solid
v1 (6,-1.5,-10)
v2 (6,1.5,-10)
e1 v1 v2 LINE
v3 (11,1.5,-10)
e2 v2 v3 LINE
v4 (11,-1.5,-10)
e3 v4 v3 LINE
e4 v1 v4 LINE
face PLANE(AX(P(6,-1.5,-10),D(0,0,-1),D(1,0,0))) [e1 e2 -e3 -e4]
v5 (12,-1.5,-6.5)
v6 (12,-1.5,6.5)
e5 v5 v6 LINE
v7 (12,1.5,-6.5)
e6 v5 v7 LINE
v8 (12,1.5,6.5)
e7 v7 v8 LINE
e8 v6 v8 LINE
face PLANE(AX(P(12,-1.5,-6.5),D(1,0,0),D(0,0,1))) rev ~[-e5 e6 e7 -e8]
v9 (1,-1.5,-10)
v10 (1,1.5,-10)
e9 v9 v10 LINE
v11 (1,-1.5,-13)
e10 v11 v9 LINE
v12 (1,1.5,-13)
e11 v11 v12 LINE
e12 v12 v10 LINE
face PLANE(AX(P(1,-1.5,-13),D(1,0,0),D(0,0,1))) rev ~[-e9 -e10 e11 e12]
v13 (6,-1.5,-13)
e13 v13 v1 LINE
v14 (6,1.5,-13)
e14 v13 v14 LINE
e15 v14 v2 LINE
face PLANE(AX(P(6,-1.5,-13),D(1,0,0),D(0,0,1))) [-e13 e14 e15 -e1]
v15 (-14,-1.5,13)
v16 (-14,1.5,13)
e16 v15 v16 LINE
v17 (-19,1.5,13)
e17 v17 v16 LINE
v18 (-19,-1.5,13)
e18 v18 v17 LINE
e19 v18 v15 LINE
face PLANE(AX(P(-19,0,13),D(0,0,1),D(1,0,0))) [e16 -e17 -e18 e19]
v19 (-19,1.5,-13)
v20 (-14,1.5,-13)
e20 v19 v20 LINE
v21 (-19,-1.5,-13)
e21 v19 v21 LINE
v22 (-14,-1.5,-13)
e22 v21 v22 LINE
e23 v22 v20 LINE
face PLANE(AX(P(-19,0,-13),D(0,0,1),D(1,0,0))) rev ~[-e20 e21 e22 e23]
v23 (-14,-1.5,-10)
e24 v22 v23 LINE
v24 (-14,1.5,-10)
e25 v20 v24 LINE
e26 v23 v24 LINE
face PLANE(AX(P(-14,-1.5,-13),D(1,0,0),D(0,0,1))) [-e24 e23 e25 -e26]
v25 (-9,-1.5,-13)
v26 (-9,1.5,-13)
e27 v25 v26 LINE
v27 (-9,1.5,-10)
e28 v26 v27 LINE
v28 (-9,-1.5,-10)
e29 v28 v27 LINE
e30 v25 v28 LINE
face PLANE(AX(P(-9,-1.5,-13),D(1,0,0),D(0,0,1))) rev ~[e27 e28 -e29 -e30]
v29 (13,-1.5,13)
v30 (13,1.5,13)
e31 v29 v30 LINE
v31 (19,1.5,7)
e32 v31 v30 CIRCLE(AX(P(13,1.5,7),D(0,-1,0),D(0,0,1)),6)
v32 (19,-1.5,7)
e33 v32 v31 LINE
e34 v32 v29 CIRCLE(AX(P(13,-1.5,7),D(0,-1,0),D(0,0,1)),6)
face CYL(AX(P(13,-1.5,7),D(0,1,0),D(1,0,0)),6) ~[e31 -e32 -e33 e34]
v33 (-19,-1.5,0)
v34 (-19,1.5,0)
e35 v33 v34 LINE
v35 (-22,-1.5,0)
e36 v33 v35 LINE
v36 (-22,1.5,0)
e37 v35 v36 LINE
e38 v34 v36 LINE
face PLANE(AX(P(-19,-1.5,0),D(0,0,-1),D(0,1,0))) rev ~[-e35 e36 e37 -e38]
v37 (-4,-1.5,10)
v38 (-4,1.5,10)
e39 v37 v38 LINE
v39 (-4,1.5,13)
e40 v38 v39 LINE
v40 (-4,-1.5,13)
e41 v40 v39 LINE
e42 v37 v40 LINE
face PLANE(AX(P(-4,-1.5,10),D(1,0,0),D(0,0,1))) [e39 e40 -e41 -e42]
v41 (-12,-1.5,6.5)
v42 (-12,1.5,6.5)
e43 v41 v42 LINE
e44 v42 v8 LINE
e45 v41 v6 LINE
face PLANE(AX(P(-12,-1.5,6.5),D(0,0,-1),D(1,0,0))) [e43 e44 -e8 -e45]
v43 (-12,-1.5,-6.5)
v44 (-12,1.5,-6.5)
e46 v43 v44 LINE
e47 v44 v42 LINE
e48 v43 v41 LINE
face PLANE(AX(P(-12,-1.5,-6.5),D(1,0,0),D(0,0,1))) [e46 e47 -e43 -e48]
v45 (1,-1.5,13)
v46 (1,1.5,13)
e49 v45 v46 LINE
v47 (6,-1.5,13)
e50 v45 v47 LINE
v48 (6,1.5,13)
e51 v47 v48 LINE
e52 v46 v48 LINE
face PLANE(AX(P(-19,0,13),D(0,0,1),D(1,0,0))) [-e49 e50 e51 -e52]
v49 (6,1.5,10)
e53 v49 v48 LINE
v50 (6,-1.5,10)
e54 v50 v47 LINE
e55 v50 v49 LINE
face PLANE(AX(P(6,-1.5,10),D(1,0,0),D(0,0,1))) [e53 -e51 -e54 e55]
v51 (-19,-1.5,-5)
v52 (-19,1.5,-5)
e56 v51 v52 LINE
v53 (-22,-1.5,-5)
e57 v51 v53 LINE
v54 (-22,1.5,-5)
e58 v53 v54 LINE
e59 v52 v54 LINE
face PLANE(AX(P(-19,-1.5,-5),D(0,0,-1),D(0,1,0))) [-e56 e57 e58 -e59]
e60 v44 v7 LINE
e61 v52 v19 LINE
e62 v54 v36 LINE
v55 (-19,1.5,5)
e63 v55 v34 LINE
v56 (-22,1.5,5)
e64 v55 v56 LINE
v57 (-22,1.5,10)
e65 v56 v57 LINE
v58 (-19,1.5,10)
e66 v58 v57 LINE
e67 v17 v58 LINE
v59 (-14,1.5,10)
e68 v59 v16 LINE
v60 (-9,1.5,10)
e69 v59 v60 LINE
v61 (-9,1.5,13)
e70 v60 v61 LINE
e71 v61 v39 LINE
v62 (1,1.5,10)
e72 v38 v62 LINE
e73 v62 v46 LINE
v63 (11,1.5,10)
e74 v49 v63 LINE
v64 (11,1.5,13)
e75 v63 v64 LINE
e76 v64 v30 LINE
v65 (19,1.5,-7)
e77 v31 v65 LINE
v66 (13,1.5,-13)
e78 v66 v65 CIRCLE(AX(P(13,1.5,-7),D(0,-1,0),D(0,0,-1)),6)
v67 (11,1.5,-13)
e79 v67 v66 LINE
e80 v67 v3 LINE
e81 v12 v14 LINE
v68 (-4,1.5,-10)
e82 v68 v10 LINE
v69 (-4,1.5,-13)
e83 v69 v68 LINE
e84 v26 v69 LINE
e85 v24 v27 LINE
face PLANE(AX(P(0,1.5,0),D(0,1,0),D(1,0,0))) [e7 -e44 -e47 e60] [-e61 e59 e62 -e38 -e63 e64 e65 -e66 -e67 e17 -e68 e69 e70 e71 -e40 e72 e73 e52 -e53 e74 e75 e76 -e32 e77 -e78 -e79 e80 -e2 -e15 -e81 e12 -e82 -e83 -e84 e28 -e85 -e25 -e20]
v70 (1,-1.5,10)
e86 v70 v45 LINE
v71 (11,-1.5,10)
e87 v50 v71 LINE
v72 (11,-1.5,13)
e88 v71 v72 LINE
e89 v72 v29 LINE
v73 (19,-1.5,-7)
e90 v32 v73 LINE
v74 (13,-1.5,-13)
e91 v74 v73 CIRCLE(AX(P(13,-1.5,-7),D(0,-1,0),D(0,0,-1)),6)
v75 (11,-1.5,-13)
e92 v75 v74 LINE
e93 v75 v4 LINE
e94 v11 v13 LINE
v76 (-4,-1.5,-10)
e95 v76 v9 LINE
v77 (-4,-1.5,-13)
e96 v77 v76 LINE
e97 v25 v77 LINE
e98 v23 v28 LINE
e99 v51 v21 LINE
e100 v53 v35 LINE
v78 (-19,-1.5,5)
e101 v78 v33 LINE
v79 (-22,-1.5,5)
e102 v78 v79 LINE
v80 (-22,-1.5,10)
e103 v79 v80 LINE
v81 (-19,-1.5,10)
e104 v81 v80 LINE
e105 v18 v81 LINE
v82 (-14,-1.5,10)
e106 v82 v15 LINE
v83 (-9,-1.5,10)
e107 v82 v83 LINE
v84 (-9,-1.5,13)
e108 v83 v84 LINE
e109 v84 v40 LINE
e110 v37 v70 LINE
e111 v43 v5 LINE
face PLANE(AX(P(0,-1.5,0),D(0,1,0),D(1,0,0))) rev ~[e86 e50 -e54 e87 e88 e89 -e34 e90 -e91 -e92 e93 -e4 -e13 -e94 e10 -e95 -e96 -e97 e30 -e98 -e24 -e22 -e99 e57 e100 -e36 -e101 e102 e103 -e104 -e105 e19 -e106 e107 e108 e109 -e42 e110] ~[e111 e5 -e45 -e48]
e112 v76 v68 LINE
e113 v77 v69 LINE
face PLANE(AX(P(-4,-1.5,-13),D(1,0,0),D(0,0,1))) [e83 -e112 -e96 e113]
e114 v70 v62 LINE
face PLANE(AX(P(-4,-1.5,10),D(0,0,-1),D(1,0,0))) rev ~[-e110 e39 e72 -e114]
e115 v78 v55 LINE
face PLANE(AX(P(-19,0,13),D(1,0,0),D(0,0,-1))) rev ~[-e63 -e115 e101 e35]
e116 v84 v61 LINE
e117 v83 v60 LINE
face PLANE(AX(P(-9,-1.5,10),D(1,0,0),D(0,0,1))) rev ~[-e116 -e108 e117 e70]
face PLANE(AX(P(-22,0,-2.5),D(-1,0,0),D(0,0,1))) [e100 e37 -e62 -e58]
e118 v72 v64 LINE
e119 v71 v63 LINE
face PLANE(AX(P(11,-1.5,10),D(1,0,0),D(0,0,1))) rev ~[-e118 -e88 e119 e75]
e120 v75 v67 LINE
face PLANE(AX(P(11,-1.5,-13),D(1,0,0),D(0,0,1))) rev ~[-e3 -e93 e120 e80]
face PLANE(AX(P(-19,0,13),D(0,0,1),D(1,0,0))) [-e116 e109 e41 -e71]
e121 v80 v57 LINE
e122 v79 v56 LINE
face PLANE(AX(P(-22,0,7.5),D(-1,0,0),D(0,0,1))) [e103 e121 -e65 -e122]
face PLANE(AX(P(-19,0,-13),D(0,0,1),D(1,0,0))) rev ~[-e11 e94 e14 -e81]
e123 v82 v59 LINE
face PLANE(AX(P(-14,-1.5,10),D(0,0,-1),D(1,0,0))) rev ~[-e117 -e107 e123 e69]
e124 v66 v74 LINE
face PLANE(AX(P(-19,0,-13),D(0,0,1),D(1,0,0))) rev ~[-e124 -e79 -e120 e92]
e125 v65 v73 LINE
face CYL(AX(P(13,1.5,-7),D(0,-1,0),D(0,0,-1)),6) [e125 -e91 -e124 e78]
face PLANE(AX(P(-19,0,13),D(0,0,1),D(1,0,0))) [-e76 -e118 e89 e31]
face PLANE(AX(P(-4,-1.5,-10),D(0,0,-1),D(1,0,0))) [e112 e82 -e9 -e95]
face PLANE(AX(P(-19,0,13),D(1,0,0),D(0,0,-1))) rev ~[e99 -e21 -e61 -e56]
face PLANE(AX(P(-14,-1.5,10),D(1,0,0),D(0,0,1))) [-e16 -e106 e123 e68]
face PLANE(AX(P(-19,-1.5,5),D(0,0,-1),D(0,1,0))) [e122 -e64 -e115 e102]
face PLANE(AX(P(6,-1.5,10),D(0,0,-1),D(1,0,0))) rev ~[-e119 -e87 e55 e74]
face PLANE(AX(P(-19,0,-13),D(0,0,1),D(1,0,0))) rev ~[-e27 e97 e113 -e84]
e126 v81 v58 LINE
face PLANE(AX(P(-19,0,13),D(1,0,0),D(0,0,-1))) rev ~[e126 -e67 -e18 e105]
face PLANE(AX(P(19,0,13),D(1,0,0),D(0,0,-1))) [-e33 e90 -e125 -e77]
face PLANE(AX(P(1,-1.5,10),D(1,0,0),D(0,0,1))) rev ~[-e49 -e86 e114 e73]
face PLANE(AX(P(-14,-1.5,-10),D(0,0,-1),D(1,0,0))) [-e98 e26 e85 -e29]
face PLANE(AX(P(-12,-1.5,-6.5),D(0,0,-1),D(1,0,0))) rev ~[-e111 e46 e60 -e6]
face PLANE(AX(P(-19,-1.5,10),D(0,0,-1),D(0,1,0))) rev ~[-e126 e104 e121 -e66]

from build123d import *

# Parameters (mm, degrees)
SKETCH1_W           = 38
SKETCH1_H           = 26
BOSS_EXTRUDE1_DEPTH = 1.5
SKETCH2_W           = 24
SKETCH2_H           = 13
CUT_EXTRUDE1_DEPTH  = 3
SKETCH8_W           = 5
SKETCH8_H           = 3
BOSS_EXTRUDE2_DEPTH = 3
SKETCH9_W           = 5
SKETCH9_H           = 3
CUT_EXTRUDE2_DEPTH  = 3
FILLET1_R           = 6


with BuildPart() as part:
    # Sketch1 → Boss-Extrude1 (new body, symmetric)
    with BuildSketch(Plane(origin=(0, 0, 0), x_dir=(1, 0, 0), z_dir=(0, 1, 0))):
        Rectangle(SKETCH1_W, SKETCH1_H)
    extrude(amount=BOSS_EXTRUDE1_DEPTH, both=True)

    # Sketch2 → Cut-Extrude1 (cut)
    with BuildSketch(Plane.XZ.offset(1.5)):
        Rectangle(SKETCH2_W, SKETCH2_H)
    extrude(amount=-CUT_EXTRUDE1_DEPTH, mode=Mode.SUBTRACT)

    # Sketch8 → Boss-Extrude2 (add)
    with BuildSketch(Plane.ZY.offset(19)):
        with Locations((-2.5, 0)):
            Rectangle(SKETCH8_W, SKETCH8_H)
        with Locations((7.5, 0)):
            Rectangle(SKETCH8_W, SKETCH8_H)
    extrude(amount=BOSS_EXTRUDE2_DEPTH)

    # Sketch9 → Cut-Extrude2 (cut)
    with BuildSketch(Plane.XZ.offset(1.5)):
        with Locations((-11.5, -11.5)):
            Rectangle(SKETCH9_W, SKETCH9_H)
        with Locations((-11.5, 11.5)):
            Rectangle(SKETCH9_W, SKETCH9_H)
        with Locations((-1.5, -11.5)):
            Rectangle(SKETCH9_W, SKETCH9_H)
        with Locations((-1.5, 11.5)):
            Rectangle(SKETCH9_W, SKETCH9_H)
        with Locations((8.5, -11.5)):
            Rectangle(SKETCH9_W, SKETCH9_H)
        with Locations((8.5, 11.5)):
            Rectangle(SKETCH9_W, SKETCH9_H)
    extrude(amount=-CUT_EXTRUDE2_DEPTH, mode=Mode.SUBTRACT)

    # Fillet1
    fillet1_edges = [part.edges().sort_by_distance(p)[0] for p in [
        (19, 0, 13),
        (19, 0, -13),
    ]]
    fillet(fillet1_edges, radius=FILLET1_R)


solid = part.part
